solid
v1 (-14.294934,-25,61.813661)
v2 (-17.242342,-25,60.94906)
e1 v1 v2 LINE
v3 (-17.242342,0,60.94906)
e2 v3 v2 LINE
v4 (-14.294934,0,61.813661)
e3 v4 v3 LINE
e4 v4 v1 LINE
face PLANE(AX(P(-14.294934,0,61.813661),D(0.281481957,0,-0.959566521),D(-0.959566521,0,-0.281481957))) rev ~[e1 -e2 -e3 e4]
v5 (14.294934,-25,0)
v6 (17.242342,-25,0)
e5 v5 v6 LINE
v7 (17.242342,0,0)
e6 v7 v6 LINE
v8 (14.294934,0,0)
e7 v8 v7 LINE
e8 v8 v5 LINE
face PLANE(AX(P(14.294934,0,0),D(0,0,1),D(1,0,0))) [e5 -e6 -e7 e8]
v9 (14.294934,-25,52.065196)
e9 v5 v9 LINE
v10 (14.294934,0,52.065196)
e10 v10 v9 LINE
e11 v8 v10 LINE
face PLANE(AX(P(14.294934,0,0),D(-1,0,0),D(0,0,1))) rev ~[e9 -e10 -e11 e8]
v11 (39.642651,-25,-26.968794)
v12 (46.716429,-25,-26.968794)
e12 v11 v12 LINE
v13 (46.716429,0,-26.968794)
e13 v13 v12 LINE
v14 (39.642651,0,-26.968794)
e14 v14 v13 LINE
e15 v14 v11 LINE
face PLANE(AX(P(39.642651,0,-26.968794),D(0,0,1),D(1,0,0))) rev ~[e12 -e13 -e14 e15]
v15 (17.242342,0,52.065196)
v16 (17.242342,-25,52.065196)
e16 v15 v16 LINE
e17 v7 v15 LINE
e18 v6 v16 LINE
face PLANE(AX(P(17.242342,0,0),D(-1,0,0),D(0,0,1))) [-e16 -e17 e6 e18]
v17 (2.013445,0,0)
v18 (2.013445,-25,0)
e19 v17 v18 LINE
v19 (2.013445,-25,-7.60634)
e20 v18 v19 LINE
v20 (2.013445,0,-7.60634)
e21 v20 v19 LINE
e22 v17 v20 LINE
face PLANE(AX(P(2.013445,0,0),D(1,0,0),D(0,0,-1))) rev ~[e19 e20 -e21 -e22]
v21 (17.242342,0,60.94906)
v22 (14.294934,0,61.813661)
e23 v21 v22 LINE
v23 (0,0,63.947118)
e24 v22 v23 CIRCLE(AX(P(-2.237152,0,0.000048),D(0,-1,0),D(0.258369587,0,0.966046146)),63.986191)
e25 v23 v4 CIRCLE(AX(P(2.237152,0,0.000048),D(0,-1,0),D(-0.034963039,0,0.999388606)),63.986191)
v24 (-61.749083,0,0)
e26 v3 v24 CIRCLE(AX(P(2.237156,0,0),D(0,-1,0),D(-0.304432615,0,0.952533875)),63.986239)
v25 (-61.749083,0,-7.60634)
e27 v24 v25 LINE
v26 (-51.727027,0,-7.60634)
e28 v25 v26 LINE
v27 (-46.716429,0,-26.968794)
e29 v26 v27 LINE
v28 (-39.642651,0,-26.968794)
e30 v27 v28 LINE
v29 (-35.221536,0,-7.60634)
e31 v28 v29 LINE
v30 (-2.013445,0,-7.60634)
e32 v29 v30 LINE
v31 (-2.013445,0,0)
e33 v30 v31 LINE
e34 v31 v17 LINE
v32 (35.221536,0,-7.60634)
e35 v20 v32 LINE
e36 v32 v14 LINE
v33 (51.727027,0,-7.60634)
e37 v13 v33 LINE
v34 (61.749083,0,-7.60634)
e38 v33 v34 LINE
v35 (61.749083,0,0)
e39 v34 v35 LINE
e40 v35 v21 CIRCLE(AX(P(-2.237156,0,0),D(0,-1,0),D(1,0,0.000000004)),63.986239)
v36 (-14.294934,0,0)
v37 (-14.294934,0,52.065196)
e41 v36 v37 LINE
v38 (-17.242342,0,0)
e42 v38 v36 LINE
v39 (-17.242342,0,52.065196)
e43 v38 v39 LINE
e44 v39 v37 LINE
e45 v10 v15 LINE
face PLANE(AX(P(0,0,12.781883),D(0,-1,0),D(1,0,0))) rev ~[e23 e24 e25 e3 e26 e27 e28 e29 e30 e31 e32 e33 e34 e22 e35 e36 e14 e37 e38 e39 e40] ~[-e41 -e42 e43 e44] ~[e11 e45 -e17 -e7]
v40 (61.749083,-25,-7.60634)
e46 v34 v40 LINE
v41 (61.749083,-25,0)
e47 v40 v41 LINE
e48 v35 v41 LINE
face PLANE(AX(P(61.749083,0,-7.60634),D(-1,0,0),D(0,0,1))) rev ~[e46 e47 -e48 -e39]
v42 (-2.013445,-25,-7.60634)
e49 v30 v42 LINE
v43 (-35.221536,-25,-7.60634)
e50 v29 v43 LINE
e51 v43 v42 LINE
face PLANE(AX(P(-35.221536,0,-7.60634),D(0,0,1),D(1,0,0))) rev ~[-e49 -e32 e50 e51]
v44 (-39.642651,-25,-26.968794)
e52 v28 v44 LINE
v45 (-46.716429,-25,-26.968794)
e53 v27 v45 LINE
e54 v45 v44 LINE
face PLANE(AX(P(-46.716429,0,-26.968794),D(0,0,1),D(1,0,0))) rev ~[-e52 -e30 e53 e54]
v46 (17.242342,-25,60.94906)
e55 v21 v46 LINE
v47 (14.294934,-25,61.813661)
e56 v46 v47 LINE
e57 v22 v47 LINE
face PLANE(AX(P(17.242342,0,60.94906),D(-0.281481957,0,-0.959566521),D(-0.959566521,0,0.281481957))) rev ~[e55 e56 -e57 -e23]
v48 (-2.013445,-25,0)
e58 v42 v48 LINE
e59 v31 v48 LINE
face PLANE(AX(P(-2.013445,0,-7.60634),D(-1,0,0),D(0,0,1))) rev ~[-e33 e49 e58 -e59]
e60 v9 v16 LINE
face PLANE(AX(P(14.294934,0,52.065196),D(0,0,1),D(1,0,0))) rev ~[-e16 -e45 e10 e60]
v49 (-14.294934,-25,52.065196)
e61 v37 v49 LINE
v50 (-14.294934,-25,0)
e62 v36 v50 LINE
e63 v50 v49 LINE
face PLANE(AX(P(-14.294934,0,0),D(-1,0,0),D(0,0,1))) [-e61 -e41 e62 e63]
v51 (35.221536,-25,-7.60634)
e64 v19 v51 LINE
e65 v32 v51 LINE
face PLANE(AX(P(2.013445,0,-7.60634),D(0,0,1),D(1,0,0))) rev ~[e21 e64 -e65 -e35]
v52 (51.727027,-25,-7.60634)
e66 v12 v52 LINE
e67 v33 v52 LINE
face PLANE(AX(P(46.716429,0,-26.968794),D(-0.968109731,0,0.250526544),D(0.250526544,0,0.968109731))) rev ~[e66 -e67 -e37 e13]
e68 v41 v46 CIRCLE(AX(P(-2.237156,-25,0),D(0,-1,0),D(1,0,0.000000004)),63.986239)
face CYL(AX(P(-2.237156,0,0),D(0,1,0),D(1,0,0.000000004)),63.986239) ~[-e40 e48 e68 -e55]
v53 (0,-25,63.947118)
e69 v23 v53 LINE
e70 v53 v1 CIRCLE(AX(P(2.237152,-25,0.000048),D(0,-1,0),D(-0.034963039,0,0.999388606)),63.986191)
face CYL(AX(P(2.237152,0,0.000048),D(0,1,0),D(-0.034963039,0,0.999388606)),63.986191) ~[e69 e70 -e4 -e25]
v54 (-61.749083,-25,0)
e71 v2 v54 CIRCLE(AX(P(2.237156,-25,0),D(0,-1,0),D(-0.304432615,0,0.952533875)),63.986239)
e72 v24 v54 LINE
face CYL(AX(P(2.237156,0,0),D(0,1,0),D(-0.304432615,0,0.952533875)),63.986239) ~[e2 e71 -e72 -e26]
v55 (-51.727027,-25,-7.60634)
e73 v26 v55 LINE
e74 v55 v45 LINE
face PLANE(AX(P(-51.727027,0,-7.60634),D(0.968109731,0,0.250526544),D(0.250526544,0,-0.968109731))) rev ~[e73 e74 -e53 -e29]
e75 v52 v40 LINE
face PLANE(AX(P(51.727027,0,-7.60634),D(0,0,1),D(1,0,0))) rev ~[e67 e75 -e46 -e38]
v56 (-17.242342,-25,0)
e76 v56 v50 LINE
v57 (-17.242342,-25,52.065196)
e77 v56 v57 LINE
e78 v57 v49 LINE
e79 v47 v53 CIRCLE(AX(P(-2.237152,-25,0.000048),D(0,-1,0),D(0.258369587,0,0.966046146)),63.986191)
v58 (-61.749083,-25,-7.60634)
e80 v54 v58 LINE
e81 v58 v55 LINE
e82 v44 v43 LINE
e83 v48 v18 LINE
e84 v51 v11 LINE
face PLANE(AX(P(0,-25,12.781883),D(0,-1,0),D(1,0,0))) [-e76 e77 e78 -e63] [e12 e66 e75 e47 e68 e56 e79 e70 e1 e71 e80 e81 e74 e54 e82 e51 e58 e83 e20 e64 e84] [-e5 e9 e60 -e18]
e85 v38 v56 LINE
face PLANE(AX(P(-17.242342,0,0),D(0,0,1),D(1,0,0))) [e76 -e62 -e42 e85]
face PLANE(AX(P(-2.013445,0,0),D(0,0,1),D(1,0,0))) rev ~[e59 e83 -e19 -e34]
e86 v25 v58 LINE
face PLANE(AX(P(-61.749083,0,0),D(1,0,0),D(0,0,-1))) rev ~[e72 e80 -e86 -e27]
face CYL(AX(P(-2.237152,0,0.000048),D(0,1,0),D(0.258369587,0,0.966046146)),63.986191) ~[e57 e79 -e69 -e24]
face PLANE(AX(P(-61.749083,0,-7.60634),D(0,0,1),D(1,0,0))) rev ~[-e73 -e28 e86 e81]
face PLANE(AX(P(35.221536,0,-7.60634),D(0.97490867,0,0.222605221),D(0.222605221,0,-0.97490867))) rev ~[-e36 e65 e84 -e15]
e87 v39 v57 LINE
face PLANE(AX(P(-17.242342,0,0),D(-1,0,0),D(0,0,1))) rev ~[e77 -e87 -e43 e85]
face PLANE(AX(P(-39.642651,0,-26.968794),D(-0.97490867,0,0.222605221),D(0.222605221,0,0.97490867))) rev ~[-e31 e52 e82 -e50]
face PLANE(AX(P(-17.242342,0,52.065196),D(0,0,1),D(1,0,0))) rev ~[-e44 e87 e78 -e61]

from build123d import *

# Parameters (mm, degrees)
F0_W     = 2.947408
F0_H     = 52.065197
F1_DEPTH = 25


with BuildPart() as f1:
    # F0 (on Front) → F1 (new body)
    with BuildSketch(Plane.XZ):
        with BuildLine():
            ThreePointArc((14.294934, 61.813661), (7.207899, 63.285304), (0, 63.947118))
            ThreePointArc((0, 63.947118), (-7.207899, 63.285304), (-14.294934, 61.813661))
            Line((-14.294934, 61.813661), (-17.242342, 60.94906))
            ThreePointArc((-17.242342, 60.94906), (-49.438073, 37.734725), (-61.749083, 0))
            Line((-61.749083, 0), (-61.749083, -7.60634))
            Line((-61.749083, -7.60634), (-51.727027, -7.60634))
            Line((-51.727027, -7.60634), (-46.716429, -26.968794))
            Line((-46.716429, -26.968794), (-39.642651, -26.968794))
            Line((-39.642651, -26.968794), (-35.221536, -7.60634))
            Line((-35.221536, -7.60634), (-2.013445, -7.60634))
            Line((-2.013445, -7.60634), (-2.013445, 0))
            Line((-2.013445, 0), (2.013445, 0))
            Line((2.013445, 0), (2.013445, -7.60634))
            Line((2.013445, -7.60634), (35.221536, -7.60634))
            Line((35.221536, -7.60634), (39.642651, -26.968794))
            Line((39.642651, -26.968794), (46.716429, -26.968794))
            Line((46.716429, -26.968794), (51.727027, -7.60634))
            Line((51.727027, -7.60634), (61.749083, -7.60634))
            Line((61.749083, -7.60634), (61.749083, 0))
            ThreePointArc((61.749083, 0), (49.438073, 37.734725), (17.242342, 60.94906))
            Line((17.242342, 60.94906), (14.294934, 61.813661))
        make_face()
        with Locations((-15.768638, 26.032598)):
            Rectangle(F0_W, F0_H, mode=Mode.SUBTRACT)
        with Locations((15.768638, 26.032598)):
            Rectangle(F0_W, F0_H, mode=Mode.SUBTRACT)
    extrude(amount=F1_DEPTH)


solid = f1.part
